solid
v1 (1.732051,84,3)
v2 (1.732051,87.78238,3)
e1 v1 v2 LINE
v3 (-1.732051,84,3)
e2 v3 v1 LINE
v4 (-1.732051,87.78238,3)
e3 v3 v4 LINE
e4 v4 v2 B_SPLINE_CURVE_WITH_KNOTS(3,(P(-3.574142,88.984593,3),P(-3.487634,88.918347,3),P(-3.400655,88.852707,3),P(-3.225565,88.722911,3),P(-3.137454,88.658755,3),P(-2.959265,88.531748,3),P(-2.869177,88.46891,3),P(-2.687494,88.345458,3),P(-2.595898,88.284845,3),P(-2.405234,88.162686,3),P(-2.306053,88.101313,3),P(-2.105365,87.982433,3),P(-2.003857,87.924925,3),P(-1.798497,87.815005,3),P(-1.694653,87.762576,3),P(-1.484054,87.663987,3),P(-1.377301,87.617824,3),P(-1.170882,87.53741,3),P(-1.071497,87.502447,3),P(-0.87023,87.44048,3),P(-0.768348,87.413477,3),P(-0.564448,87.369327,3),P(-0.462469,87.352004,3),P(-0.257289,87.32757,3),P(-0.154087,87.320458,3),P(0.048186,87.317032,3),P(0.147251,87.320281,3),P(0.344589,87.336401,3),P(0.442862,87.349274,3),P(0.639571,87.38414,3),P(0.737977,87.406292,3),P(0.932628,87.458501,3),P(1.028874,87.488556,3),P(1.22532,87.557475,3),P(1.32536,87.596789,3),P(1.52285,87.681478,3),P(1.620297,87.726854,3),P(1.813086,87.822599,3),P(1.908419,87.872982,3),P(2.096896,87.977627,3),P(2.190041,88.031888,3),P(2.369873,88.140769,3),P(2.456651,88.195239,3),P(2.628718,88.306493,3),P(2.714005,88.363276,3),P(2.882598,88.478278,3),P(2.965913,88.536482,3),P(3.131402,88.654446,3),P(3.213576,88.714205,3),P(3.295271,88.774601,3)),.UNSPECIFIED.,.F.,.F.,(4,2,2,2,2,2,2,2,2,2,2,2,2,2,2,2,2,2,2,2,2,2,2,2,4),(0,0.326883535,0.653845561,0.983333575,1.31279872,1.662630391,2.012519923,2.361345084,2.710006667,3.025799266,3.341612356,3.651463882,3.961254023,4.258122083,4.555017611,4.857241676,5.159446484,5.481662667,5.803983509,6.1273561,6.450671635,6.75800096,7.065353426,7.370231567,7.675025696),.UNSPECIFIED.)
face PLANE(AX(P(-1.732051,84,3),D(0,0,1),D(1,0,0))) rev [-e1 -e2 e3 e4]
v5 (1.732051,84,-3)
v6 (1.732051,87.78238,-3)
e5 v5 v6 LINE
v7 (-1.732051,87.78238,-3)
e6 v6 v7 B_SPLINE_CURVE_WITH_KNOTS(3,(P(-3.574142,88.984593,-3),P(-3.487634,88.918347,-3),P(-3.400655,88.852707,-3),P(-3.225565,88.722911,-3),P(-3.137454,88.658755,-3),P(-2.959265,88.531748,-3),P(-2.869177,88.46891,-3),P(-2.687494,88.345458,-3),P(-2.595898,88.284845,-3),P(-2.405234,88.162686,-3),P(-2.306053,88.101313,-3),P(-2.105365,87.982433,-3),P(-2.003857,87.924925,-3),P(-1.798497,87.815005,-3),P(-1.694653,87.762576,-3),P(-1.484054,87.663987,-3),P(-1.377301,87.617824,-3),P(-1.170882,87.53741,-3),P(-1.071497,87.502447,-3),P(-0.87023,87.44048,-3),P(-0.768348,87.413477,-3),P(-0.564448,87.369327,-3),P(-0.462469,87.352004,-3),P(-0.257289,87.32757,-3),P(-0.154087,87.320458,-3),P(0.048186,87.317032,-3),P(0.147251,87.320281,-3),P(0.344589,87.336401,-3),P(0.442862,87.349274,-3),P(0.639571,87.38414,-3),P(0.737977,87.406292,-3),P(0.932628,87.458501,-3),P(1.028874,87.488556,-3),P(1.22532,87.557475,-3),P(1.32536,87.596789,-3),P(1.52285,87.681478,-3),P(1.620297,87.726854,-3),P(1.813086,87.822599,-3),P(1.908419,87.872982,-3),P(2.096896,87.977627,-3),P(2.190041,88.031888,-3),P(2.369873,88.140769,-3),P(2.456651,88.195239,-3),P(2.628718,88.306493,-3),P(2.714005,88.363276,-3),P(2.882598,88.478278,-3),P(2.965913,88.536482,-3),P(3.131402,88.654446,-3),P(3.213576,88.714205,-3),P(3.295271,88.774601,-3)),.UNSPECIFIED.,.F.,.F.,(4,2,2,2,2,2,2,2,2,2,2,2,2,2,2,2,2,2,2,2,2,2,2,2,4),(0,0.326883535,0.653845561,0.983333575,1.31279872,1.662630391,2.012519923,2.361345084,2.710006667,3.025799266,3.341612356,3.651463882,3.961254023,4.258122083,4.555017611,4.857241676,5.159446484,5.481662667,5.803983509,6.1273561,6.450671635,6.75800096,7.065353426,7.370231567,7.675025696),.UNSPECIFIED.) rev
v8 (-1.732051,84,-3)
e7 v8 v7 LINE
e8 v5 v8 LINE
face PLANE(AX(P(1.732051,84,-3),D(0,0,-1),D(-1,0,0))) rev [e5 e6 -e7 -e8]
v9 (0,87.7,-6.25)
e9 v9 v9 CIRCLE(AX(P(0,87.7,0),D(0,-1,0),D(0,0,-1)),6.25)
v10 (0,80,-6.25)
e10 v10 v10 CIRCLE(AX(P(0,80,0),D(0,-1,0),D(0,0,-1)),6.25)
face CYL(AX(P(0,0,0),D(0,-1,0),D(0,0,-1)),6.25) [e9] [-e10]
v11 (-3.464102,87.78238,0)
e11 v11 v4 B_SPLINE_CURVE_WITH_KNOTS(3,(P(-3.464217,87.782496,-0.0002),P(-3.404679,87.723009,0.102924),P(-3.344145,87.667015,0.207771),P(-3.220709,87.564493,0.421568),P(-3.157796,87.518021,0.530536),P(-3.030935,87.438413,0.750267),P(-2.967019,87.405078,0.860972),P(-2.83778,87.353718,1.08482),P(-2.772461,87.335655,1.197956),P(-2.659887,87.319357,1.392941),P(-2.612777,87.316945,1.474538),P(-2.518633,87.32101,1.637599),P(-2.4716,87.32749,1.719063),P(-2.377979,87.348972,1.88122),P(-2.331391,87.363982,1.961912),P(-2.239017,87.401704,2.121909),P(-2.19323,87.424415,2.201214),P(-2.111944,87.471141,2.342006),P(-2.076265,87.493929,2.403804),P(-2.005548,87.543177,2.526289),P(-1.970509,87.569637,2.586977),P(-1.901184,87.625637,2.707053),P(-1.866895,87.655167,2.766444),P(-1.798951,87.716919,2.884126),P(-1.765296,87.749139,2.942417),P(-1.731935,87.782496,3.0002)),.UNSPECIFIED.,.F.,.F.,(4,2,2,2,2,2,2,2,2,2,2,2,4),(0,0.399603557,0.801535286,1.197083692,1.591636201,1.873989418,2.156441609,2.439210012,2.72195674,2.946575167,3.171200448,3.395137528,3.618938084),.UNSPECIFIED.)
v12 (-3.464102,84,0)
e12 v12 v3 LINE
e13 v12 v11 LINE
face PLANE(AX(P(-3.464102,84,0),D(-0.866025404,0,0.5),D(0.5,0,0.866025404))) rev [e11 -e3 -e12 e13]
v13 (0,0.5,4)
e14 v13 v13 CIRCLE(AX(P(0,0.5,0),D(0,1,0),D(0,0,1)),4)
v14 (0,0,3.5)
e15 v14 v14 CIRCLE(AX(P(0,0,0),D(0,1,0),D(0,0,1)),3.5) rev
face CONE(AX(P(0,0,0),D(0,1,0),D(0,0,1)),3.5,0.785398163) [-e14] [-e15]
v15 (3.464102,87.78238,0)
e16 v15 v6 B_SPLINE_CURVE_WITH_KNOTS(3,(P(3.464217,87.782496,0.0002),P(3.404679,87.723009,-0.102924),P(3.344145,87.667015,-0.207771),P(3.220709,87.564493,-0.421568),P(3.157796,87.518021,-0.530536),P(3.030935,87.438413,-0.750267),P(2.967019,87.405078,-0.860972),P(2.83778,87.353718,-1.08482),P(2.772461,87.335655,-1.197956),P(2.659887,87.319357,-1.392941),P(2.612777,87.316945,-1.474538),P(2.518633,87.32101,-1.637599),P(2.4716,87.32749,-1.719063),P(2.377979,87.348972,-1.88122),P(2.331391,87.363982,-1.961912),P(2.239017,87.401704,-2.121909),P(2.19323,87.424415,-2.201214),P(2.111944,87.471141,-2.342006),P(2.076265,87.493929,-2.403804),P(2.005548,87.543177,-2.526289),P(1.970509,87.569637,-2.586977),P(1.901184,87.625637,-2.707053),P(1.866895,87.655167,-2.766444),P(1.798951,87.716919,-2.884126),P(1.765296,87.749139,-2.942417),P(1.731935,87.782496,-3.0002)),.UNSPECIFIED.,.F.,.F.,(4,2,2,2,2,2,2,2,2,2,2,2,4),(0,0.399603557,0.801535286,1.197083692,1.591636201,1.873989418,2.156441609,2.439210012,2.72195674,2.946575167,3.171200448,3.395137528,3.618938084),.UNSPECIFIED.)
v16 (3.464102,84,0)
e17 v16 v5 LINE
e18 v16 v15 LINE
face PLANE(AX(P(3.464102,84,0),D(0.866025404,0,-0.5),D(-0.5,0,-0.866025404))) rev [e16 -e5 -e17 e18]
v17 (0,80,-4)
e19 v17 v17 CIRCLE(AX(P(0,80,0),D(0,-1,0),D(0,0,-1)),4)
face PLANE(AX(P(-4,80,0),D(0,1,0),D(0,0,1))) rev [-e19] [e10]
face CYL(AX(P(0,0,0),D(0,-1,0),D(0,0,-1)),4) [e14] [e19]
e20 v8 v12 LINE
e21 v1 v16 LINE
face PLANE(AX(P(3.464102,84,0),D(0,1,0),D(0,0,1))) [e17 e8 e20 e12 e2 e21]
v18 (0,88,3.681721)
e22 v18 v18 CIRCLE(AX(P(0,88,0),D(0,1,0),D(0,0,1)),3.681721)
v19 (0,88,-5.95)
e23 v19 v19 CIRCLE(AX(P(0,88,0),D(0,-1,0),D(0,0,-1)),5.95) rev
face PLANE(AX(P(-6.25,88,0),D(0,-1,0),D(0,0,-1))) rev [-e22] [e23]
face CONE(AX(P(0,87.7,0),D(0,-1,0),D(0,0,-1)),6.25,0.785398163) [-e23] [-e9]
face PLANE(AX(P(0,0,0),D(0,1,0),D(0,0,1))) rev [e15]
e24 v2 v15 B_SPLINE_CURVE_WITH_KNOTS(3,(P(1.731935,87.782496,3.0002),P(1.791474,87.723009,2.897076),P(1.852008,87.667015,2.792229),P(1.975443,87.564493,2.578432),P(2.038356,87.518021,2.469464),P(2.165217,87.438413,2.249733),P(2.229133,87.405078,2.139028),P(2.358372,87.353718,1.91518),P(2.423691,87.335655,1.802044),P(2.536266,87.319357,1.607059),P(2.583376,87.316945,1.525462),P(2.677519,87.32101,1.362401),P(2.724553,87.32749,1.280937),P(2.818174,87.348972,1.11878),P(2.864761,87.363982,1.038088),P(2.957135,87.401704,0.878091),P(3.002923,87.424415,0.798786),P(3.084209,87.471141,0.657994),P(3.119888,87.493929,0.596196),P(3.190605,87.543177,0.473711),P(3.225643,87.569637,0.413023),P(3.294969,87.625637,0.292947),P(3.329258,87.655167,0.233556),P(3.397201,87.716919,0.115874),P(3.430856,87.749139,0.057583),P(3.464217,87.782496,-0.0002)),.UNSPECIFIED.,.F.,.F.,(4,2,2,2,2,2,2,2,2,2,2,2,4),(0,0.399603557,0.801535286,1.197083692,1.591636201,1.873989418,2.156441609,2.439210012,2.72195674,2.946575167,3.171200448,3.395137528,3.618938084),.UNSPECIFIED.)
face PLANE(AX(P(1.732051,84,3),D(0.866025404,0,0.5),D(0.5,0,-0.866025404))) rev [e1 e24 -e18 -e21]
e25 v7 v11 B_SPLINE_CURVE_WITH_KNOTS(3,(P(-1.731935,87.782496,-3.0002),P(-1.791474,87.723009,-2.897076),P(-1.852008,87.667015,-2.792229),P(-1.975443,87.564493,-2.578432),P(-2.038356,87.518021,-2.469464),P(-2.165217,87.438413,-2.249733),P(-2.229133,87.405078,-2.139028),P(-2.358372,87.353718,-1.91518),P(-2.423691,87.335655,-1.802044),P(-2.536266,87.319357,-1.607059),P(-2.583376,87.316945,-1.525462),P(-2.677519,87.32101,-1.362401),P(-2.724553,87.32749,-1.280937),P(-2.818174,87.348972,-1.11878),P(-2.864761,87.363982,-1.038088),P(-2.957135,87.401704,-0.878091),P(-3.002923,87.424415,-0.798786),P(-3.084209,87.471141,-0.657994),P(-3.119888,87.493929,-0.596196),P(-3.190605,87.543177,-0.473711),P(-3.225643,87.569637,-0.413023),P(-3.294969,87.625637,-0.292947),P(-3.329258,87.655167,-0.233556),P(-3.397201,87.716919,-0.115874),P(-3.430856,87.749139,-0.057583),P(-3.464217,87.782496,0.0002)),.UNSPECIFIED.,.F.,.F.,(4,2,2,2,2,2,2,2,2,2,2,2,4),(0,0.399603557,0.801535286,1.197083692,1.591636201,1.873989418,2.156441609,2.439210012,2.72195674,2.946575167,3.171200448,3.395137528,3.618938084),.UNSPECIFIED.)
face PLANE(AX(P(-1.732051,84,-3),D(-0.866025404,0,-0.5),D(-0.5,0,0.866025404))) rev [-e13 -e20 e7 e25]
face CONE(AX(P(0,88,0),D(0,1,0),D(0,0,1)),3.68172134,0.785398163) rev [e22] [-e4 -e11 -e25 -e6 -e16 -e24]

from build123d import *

# Parameters (mm, degrees)
WYCI_GNI_CIE1_DEPTH        = 4
SFAZOWANIE1_SIZE           = 0.3
SZKIC3_R                   = 3.68172134
WYTNIJ_WYCI_GNI_CIE1_DEPTH = 2
WYTNIJ_WYCI_GNI_CIE1_DRAFT = -45
SFAZOWANIE2_SIZE           = 0.5


with BuildPart() as part:
    # Szkic1 → Obrót1 (revolve)
    with BuildSketch(Plane.XY, mode=Mode.PRIVATE) as obr_t1_sk:
        Polygon((0, 0), (-4, 0), (-4, 80), (-6.25, 80), (-6.25, 88), (0, 88), align=None)
    revolve(obr_t1_sk.sketch.rotate(Axis((0, 0, 0), (0, 1, 0)), 270), axis=Axis((0, 0, 0), (0, 1, 0)))

    # Szkic2 → Wyciągnięcie1 (cut)
    with BuildSketch(Plane(origin=(0, 88, 0), x_dir=(1, 0, 0), z_dir=(0, 1, 0))):
        Polygon((3.464101615, 0), (1.732050808, 3), (-1.732050808, 3), (-3.464101615, 0), (-1.732050808, -3), (1.732050808, -3), align=None)
    extrude(amount=-WYCI_GNI_CIE1_DEPTH, mode=Mode.SUBTRACT)

    # Sfazowanie1
    sfazowanie1_edges = [part.edges().sort_by_distance(p)[0] for p in [
        (0, 88, 6.25),
    ]]
    chamfer(sfazowanie1_edges, length=SFAZOWANIE1_SIZE)


with BuildPart() as wytnij_wyci_gni_cie1_tool:
    # Szkic3 → Wytnij-wyciągnięcie1 (with draft: the straight prism first)
    with BuildSketch(Plane(origin=(0, 88, 0), x_dir=(1, 0, 0), z_dir=(0, 1, 0))):
        Circle(SZKIC3_R)
    extrude(amount=-WYTNIJ_WYCI_GNI_CIE1_DEPTH)
    # Wytnij-wyciągnięcie1: the draft: its side faces are tilted about the plane it starts from
    wytnij_wyci_gni_cie1_sides = [wytnij_wyci_gni_cie1_tool.faces().sort_by_distance(p)[0] for p in [
        (-3.68172134, 87, 0),
    ]]
    draft(wytnij_wyci_gni_cie1_sides, Plane(origin=(0, 88, 0), x_dir=(1, 0, 0), z_dir=(0, 1, 0)), WYTNIJ_WYCI_GNI_CIE1_DRAFT)


with BuildPart() as part_1:
    add(part.part)

    # Wytnij-wyciągnięcie1: cut by wytnij_wyci_gni_cie1_tool
    add(wytnij_wyci_gni_cie1_tool.part, mode=Mode.SUBTRACT)

    # Sfazowanie2
    sfazowanie2_edges = [part_1.edges().sort_by_distance(p)[0] for p in [
        (0, 0, 4),
    ]]
    chamfer(sfazowanie2_edges, length=SFAZOWANIE2_SIZE)


solid = part_1.part
